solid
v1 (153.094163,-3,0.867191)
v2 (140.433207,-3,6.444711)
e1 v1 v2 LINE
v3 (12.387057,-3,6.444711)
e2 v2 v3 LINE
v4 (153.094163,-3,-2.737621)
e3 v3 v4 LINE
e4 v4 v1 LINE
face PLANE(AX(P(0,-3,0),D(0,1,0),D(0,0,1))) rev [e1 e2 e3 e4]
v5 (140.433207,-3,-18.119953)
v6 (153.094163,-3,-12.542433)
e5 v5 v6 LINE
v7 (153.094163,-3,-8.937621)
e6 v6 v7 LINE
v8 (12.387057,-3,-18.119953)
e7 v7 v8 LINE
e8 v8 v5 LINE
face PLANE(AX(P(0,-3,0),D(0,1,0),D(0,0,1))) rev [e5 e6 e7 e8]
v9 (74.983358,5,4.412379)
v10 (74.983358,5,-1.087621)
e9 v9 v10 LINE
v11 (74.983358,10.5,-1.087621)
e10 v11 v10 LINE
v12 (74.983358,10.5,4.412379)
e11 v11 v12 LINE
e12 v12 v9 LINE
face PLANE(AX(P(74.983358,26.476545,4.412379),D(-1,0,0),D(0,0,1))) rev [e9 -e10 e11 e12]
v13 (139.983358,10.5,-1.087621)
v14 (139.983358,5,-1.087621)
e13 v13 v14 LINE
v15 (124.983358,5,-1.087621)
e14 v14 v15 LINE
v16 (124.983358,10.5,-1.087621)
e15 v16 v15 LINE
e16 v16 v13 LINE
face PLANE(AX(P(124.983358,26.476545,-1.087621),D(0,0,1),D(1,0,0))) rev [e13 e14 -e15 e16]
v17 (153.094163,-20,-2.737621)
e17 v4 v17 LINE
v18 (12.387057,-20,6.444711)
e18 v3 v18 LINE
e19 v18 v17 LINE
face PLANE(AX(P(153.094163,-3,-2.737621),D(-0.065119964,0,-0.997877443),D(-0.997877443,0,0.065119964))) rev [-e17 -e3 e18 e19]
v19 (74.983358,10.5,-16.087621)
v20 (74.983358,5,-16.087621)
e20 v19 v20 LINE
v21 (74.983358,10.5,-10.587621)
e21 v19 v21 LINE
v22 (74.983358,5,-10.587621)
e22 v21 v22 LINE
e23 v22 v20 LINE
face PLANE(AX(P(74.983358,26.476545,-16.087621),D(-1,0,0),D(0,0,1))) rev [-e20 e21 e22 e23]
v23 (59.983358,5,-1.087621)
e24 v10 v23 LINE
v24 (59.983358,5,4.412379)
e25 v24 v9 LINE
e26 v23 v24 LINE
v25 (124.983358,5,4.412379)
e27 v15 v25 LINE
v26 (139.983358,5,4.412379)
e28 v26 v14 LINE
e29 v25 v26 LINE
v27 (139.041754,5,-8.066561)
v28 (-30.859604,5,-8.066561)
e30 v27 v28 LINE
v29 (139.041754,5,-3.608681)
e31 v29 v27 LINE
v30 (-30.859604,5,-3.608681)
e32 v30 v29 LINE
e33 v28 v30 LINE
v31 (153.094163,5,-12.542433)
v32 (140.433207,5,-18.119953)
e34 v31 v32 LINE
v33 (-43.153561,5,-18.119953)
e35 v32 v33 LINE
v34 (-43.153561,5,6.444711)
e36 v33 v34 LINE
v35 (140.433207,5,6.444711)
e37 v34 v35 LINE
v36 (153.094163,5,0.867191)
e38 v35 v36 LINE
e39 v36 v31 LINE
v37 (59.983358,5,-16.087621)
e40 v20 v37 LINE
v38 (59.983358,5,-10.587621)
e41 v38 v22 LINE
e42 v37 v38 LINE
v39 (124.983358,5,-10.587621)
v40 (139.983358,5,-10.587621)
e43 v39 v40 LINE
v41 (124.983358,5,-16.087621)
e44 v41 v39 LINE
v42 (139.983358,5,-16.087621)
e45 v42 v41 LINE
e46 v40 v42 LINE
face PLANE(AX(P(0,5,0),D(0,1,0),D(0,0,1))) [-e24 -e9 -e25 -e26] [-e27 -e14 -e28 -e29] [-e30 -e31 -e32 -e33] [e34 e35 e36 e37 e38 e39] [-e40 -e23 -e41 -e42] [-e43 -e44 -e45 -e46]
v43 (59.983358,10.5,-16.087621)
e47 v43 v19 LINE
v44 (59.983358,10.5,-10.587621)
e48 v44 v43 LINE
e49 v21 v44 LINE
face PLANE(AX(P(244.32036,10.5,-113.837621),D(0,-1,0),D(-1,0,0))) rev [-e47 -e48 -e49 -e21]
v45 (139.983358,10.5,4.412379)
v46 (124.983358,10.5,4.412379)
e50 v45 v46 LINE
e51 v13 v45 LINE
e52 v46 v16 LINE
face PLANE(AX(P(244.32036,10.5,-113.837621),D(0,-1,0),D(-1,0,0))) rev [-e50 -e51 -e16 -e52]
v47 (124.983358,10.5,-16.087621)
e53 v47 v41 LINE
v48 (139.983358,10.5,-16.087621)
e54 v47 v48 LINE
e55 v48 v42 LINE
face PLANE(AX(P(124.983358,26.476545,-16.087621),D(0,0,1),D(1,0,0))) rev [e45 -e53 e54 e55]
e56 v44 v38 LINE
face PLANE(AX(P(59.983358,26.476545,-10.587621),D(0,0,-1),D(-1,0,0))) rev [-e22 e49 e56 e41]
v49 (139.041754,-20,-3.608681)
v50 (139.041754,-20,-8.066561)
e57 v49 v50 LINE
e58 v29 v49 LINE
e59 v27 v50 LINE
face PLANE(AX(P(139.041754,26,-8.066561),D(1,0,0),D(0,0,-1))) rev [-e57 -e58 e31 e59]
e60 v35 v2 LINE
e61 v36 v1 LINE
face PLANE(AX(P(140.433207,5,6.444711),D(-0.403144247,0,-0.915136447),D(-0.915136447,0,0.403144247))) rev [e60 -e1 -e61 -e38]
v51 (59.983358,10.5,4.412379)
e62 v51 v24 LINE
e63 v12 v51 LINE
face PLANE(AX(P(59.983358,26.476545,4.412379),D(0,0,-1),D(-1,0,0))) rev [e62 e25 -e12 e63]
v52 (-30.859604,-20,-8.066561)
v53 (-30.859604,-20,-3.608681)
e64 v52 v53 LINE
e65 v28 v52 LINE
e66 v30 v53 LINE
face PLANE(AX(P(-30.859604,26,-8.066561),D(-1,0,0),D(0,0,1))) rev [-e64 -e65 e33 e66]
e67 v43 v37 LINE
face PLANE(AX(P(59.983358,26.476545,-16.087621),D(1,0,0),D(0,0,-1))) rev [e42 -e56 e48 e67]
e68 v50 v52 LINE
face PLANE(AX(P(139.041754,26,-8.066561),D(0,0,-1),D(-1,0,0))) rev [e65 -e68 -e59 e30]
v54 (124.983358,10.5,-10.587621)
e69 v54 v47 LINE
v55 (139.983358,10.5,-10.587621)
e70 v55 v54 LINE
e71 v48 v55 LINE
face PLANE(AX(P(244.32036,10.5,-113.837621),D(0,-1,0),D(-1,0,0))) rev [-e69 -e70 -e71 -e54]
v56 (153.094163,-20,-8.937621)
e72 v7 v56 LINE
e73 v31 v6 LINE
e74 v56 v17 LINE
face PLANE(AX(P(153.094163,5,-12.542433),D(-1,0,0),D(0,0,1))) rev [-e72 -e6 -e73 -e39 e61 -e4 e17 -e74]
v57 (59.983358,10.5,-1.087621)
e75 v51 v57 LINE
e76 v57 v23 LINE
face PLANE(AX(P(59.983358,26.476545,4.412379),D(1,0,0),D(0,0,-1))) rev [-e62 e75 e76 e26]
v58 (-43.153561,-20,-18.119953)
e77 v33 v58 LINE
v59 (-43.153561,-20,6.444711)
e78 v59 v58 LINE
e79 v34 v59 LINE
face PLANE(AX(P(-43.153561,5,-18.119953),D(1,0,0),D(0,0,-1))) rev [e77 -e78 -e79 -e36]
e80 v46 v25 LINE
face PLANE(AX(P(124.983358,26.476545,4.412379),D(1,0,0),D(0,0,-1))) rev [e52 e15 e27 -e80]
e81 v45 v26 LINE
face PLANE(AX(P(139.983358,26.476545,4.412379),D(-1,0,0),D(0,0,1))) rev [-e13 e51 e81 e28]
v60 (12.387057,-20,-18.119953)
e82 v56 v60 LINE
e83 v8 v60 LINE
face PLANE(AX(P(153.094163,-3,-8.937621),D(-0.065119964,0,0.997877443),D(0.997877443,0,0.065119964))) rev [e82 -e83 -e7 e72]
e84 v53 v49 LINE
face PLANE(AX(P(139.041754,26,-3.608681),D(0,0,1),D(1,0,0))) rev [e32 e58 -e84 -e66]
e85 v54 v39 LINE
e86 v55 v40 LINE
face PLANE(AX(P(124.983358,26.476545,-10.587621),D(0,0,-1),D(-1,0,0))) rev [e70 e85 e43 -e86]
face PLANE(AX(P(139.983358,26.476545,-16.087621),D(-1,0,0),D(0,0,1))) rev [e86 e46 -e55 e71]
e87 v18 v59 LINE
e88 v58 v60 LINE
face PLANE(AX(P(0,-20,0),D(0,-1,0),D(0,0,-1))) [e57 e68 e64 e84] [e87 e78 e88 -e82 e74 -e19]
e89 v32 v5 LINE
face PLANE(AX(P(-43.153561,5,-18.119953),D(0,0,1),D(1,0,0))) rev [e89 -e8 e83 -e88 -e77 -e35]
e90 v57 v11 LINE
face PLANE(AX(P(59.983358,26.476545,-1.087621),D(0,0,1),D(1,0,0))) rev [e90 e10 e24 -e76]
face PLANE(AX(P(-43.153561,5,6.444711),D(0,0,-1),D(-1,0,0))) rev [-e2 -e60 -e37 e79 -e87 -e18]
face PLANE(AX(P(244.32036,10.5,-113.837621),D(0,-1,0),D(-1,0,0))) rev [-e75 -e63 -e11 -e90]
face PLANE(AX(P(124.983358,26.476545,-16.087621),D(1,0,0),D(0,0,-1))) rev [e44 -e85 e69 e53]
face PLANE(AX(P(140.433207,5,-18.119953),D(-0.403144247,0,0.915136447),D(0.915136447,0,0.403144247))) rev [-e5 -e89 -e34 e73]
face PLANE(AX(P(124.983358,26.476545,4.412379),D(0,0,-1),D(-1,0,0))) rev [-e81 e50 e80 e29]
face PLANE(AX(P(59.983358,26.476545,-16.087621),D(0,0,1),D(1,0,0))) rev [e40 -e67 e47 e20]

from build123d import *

# Parameters (mm, degrees)
BOSS_EXTRUDE1_DEPTH = 5
SKETCH2_W           = 169.901358226
SKETCH2_H           = 4.457880692
CUT_EXTRUDE1_DEPTH  = 26
SKETCH3_W           = 15
SKETCH3_H           = 5.5
BOSS_EXTRUDE2_DEPTH = 5.5
SKETCH4_W           = 169.901358226
SKETCH4_H           = 4.457880692
BOSS_EXTRUDE3_DEPTH = 20
CUT_EXTRUDE5_DEPTH  = 17


with BuildPart() as part:
    # Sketch1 → Boss-Extrude1 (new body)
    with BuildSketch(Plane(origin=(0, 0, 0), x_dir=(1, 0, 0), z_dir=(0, 1, 0))):
        Polygon((-43.153560924, 18.119952768), (140.433207055, 18.119952768), (153.094163244, 12.542432967), (153.094163244, -0.867190791), (140.433207055, -6.444710592), (-43.153560924, -6.444710592), align=None)
    extrude(amount=BOSS_EXTRUDE1_DEPTH)

    # Sketch2 → Cut-Extrude1 (cut)
    with BuildSketch(Plane.XZ):
        with Locations((54.091074894, -5.837621088)):
            Rectangle(SKETCH2_W, SKETCH2_H)
    extrude(amount=-CUT_EXTRUDE1_DEPTH, mode=Mode.SUBTRACT)

    # Sketch3 → Boss-Extrude2 (add)
    with BuildSketch(Plane(origin=(0, 5, 0), x_dir=(1, 0, 0), z_dir=(0, 1, 0))):
        with Locations((132.483358294, 13.337621088)):
            Rectangle(SKETCH3_W, SKETCH3_H)
        with Locations((132.483358294, -1.662378912)):
            Rectangle(SKETCH3_W, SKETCH3_H)
        with Locations((67.483358294, -1.662378912)):
            Rectangle(SKETCH3_W, SKETCH3_H)
        with Locations((67.483358294, 13.337621088)):
            Rectangle(SKETCH3_W, SKETCH3_H)
    extrude(amount=BOSS_EXTRUDE2_DEPTH)

    # Sketch4 → Boss-Extrude3 (add)
    with BuildSketch(Plane.XZ):
        Polygon((-43.153560924, 6.444710592), (-43.153560924, -18.119952768), (140.433207055, -18.119952768), (153.094163244, -12.542432967), (153.094163244, 0.867190791), (140.433207055, 6.444710592), align=None)
        with Locations((54.091074894, -5.837621088)):
            Rectangle(SKETCH4_W, SKETCH4_H, mode=Mode.SUBTRACT)
    extrude(amount=BOSS_EXTRUDE3_DEPTH)

    # Sketch7 → Cut-Extrude5 (cut)
    with BuildSketch(Plane.XZ.offset(20)):
        Polygon((12.387057353, -18.119952768), (140.433207055, -18.119952768), (153.094163244, -12.542432967), (153.094163244, -8.937621088), align=None)
        Polygon((153.094163244, -2.737621088), (153.094163244, 0.867190791), (140.433207055, 6.444710592), (12.387057353, 6.444710592), align=None)
    extrude(amount=-CUT_EXTRUDE5_DEPTH, mode=Mode.SUBTRACT)


solid = part.part
